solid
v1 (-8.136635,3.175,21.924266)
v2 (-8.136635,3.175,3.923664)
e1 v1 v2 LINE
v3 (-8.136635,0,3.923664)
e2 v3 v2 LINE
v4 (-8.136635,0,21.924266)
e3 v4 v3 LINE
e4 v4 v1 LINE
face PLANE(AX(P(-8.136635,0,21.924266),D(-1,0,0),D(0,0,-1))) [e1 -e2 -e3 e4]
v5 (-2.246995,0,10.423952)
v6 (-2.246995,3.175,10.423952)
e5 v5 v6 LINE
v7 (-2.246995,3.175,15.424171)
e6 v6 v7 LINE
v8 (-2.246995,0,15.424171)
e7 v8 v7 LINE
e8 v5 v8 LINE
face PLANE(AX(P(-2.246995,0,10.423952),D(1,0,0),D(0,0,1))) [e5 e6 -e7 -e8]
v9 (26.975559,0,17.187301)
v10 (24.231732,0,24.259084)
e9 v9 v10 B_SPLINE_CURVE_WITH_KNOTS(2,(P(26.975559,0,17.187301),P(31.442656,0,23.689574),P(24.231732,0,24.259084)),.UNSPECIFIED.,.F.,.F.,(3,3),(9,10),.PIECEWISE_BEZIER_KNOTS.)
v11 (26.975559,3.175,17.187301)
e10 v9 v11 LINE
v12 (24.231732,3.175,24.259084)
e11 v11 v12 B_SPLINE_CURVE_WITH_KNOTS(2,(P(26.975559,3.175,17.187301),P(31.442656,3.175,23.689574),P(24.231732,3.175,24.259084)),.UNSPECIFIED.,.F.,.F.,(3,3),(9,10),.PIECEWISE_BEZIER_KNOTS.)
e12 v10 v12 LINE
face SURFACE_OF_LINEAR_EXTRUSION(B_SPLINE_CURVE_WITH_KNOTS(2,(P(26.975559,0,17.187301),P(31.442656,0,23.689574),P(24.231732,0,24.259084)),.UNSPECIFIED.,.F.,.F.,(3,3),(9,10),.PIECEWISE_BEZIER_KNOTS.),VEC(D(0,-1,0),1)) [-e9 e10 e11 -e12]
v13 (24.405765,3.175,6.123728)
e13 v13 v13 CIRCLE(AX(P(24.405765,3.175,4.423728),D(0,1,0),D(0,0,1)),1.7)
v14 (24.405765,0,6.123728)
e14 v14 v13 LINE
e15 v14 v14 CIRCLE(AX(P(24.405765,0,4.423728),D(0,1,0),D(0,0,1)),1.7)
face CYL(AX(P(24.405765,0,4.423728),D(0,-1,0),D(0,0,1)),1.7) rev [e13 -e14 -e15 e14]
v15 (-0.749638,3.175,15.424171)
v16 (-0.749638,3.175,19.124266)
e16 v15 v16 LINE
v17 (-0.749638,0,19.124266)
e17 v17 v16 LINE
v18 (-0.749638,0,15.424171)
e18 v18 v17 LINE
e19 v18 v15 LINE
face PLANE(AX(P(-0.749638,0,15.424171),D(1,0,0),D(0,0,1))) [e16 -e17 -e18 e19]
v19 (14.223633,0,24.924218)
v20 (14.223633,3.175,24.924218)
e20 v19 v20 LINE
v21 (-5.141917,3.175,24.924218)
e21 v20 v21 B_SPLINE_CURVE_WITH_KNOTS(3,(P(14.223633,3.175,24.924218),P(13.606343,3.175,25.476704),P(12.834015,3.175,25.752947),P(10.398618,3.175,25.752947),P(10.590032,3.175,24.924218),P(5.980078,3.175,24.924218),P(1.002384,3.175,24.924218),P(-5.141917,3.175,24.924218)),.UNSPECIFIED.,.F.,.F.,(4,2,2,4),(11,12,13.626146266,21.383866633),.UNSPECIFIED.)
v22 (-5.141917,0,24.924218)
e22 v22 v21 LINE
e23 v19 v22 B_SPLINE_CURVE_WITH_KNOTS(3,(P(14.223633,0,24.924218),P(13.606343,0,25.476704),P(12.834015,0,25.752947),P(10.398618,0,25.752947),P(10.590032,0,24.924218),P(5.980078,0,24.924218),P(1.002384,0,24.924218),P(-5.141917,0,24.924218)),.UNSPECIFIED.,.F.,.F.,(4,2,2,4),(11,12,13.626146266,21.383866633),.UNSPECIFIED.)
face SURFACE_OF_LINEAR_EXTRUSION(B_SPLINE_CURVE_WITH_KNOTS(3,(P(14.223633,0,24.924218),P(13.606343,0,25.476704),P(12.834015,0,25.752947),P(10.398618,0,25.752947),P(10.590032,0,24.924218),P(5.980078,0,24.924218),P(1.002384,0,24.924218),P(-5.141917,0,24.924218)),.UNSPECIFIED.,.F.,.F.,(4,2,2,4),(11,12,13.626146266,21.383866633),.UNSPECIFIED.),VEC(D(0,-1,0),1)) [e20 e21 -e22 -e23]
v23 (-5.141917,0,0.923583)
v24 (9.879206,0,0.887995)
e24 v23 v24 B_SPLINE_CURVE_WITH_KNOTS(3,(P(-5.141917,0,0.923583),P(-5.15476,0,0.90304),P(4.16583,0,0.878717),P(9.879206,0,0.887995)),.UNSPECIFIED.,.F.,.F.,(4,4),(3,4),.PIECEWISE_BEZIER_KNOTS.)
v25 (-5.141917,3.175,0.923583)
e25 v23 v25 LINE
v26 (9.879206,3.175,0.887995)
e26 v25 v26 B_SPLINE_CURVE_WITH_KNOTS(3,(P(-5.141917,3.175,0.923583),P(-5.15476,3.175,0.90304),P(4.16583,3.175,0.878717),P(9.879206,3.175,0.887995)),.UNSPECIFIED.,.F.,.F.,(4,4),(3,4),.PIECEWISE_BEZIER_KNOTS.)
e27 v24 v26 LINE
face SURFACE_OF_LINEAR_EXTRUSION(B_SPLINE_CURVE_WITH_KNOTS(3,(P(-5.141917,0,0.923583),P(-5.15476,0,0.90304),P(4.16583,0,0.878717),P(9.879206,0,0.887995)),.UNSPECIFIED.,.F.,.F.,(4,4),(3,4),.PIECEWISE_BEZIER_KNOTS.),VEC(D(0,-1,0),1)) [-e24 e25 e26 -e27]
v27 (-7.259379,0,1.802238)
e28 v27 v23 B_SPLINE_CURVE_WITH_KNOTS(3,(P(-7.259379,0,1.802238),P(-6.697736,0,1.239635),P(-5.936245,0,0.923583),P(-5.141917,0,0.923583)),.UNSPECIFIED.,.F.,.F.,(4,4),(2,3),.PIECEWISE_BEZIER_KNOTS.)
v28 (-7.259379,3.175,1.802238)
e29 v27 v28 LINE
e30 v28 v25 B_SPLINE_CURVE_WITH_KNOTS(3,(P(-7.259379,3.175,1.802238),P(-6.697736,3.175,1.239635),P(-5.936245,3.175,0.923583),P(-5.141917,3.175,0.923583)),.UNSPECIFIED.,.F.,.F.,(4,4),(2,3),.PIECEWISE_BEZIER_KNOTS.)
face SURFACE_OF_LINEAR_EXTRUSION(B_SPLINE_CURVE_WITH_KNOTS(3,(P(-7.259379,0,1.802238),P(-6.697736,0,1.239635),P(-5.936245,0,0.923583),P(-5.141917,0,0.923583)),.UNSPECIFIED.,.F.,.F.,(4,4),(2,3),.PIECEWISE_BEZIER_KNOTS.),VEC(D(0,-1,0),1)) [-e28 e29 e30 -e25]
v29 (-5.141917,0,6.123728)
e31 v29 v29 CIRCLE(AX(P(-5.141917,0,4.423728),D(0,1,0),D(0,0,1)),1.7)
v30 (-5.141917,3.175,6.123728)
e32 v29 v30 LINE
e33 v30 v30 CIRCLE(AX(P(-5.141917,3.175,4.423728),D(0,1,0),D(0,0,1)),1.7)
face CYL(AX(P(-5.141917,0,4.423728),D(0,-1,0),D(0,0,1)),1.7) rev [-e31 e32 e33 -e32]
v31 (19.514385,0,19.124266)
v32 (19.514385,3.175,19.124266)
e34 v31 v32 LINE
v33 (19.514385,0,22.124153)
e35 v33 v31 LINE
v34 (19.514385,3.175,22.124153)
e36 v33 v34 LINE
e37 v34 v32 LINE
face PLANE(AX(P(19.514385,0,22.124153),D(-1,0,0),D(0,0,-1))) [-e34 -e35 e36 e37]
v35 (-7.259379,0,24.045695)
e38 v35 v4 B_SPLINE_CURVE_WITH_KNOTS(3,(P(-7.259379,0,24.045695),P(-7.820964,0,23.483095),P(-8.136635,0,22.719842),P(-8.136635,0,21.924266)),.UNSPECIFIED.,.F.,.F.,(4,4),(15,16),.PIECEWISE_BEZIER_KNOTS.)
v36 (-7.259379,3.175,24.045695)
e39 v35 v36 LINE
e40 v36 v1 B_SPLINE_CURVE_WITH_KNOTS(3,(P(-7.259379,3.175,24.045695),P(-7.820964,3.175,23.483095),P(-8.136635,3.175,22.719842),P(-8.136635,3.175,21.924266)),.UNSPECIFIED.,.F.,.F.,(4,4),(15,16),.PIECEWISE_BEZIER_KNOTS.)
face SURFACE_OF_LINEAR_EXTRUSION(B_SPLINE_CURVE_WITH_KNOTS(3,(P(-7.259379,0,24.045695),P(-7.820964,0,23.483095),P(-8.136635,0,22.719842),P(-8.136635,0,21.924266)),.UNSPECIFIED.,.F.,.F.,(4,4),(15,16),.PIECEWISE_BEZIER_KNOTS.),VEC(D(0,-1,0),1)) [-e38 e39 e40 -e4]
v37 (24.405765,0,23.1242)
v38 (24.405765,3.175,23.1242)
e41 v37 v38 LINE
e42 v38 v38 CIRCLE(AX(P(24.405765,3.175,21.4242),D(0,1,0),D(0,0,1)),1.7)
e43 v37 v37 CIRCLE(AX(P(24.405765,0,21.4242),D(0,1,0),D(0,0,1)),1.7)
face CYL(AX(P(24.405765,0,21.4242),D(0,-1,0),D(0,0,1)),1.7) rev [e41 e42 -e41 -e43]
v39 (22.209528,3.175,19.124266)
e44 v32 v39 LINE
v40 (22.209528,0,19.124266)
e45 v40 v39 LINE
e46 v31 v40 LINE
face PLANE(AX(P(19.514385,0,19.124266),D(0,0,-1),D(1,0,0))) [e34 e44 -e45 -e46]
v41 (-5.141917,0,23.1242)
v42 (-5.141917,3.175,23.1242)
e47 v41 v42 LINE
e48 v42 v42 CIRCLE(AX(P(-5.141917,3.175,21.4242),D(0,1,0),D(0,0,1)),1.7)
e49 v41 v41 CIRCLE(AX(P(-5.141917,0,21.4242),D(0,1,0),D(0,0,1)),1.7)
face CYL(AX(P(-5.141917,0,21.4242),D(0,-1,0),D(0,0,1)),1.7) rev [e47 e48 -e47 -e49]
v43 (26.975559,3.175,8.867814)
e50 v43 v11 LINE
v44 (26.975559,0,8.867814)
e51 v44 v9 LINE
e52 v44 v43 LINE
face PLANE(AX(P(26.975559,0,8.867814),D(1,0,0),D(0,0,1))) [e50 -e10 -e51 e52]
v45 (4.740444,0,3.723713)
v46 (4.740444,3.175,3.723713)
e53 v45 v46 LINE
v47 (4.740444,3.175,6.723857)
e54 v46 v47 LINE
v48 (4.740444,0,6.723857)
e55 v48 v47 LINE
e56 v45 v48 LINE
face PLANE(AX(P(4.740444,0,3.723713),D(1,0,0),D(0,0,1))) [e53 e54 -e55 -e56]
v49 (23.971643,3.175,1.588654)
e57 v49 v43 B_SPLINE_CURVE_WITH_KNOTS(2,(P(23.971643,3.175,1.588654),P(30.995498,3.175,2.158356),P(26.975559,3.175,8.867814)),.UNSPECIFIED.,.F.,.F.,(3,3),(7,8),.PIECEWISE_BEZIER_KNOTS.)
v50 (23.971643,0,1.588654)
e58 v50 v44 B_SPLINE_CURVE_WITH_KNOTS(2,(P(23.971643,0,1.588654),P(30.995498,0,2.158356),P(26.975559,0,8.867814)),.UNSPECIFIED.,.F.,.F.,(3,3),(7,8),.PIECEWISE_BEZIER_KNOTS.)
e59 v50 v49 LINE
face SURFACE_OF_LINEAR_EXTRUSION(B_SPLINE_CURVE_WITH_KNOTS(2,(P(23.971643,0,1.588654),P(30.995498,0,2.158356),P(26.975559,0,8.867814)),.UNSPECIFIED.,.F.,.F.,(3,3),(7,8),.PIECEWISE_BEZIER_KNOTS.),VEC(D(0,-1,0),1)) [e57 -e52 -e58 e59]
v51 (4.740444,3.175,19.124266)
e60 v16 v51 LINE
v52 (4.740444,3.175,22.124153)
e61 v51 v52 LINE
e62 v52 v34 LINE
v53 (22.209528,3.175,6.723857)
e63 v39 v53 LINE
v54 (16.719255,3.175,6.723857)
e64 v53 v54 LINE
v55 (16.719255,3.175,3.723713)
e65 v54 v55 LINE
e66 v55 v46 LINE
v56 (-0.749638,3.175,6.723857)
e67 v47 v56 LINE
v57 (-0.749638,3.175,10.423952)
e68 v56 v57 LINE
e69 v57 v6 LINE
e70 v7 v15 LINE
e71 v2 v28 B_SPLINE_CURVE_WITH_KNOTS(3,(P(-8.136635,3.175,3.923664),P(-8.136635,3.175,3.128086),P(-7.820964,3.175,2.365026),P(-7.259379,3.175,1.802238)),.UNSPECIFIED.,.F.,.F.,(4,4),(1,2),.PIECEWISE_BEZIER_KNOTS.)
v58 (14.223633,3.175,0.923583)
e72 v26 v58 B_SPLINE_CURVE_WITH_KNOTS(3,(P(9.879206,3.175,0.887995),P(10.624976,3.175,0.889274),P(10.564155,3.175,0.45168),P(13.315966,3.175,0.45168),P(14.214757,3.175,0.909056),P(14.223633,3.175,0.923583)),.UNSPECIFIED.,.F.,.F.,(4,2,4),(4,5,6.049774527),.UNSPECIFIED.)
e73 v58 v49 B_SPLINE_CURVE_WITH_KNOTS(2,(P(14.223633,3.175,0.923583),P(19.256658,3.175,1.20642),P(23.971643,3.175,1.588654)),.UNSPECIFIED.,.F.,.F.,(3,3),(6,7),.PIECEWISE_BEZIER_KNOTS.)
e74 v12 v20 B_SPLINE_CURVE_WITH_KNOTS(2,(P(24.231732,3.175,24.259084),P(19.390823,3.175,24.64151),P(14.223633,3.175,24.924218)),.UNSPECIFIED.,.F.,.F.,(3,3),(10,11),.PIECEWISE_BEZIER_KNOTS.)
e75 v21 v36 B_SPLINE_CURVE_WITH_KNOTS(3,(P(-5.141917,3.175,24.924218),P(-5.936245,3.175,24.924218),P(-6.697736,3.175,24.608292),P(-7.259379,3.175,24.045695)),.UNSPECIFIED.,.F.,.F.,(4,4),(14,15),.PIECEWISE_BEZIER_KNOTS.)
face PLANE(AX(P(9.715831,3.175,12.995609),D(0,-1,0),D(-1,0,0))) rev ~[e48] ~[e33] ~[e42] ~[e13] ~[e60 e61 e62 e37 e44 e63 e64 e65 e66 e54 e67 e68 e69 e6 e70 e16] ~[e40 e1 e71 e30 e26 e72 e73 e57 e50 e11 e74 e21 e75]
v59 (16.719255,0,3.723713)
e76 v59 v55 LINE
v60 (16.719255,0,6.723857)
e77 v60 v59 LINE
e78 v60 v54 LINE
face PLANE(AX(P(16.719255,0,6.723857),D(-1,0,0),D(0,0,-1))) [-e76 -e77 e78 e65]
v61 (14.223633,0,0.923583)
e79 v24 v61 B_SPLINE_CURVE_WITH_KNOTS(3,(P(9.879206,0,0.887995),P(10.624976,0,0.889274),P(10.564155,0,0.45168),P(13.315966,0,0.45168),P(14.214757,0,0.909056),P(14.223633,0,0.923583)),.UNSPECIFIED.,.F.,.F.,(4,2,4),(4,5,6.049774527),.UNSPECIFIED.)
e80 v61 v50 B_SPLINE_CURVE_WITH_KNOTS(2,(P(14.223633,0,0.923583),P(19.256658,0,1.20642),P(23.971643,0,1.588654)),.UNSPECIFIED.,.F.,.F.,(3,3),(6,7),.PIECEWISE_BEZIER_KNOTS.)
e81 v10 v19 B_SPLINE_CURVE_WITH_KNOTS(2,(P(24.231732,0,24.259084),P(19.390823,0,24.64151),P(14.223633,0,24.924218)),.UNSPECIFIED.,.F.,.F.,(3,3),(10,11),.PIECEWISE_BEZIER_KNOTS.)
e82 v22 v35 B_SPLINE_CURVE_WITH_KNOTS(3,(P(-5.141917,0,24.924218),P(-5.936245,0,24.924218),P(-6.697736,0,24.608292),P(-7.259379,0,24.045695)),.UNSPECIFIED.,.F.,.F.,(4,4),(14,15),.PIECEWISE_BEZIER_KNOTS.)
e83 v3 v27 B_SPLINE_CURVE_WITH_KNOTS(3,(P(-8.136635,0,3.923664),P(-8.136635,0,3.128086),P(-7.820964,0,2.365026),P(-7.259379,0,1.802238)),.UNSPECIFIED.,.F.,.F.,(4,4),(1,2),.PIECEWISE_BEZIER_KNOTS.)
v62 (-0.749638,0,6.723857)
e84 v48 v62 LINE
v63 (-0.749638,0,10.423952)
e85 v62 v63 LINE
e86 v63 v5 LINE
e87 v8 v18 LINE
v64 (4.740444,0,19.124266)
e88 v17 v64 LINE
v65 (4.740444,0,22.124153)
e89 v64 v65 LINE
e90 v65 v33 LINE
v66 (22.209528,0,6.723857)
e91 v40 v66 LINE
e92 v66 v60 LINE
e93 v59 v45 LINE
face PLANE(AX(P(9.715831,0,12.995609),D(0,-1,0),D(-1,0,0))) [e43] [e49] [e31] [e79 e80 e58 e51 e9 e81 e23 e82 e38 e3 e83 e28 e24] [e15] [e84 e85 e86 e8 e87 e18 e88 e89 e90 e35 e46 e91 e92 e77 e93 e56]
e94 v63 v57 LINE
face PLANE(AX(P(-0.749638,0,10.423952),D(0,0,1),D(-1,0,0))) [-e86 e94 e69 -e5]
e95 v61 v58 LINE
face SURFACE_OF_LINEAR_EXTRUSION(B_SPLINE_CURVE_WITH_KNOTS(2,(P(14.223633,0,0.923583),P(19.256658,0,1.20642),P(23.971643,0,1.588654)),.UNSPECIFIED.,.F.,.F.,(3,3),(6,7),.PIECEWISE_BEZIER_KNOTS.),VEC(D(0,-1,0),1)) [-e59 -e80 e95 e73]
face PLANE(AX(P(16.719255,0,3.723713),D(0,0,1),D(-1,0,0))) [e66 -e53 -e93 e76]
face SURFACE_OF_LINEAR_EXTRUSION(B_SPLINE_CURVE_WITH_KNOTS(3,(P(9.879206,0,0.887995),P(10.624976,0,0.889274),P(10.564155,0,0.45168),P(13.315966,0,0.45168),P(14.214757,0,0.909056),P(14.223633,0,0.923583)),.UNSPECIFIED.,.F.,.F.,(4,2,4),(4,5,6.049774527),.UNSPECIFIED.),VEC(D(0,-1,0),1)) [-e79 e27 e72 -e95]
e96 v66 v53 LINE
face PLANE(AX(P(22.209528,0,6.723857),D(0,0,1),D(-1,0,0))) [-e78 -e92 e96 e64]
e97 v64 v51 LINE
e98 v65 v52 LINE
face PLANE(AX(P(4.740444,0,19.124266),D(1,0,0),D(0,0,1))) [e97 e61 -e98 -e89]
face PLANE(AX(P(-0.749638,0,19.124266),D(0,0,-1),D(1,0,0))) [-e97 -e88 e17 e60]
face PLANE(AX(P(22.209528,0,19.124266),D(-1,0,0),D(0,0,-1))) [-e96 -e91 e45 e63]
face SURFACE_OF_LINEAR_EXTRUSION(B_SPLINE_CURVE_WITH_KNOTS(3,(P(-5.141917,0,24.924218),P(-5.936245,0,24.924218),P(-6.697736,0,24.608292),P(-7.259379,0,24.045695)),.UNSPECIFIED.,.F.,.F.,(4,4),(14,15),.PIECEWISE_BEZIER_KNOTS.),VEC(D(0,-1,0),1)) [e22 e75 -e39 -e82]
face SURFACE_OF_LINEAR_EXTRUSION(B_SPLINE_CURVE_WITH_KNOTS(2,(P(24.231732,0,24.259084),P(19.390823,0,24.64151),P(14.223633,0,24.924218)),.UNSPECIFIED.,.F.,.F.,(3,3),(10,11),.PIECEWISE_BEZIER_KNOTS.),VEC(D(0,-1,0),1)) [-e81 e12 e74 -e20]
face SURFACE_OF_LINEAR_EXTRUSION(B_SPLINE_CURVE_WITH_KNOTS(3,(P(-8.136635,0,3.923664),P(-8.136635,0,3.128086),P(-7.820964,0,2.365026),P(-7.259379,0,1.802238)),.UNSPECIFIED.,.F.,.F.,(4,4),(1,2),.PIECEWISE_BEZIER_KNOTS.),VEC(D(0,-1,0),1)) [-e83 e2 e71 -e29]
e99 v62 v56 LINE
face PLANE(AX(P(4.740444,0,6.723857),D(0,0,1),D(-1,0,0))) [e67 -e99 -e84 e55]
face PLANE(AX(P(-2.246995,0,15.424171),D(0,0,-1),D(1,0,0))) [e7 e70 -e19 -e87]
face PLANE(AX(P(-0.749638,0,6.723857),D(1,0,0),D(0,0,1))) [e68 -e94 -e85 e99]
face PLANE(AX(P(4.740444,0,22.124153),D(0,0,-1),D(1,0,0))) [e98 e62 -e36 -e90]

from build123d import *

# Parameters (mm, degrees)
SKETCH1_R           = 1.7
BOSS_EXTRUDE1_DEPTH = 3.175


with BuildPart() as part:
    # Sketch1 → Boss-Extrude1 (new body)
    with BuildSketch(Plane(origin=(0, 0, 0), x_dir=(1, 0, 0), z_dir=(0, 1, 0))):
        with BuildLine():
            Line((-8.136635094, -21.924266481), (-8.136635094, -3.923663686))
            add(Edge.make_bspline(
                [(-8.136635094, -3.923663686), (-8.136635094, -3.128086205), (-7.820964416, -2.365025621), (-7.259379446, -1.802237676)],
                knots=[1, 1, 1, 1, 2, 2, 2, 2], degree=3))
            add(Edge.make_bspline(
                [(-7.259379446, -1.802237676), (-6.697735984, -1.239635291), (-5.936245423, -0.92358316), (-5.141916572, -0.92358316)],
                knots=[2, 2, 2, 2, 3, 3, 3, 3], degree=3))
            add(Edge.make_bspline(
                [(-5.141916572, -0.92358316), (-5.154760404, -0.903039747), (4.165830441, -0.878716777), (9.879205527, -0.887994762)],
                knots=[3, 3, 3, 3, 4, 4, 4, 4], degree=3))
            add(Edge.make_bspline(
                [(9.879205527, -0.887994762), (10.624976408, -0.889274148), (10.564154649, -0.451680408), (11.906649469, -0.451680408)],
                knots=[4, 4, 4, 4, 5, 5, 5, 5], degree=3))
            add(Edge.make_bspline(
                [(11.906649469, -0.451680408), (13.315966334, -0.451680408), (14.214756726, -0.909055789), (14.223632862, -0.923583161)],
                knots=[5, 5, 5, 5, 6, 6, 6, 6], degree=3))
            add(Edge.make_bspline(
                [(14.223632862, -0.923583161), (19.256657746, -1.206420105), (23.971643033, -1.588653571)],
                knots=[6, 6, 6, 7, 7, 7], degree=2))
            add(Edge.make_bspline(
                [(23.971643033, -1.588653571), (30.995498409, -2.158356056), (26.975559396, -8.867814209)],
                knots=[7, 7, 7, 8, 8, 8], degree=2))
            Line((26.975559396, -8.867814209), (26.975559396, -17.1873007))
            add(Edge.make_bspline(
                [(26.975559396, -17.1873007), (31.442656292, -23.689574114), (24.231731846, -24.259083715)],
                knots=[9, 9, 9, 10, 10, 10], degree=2))
            add(Edge.make_bspline(
                [(24.231731846, -24.259083715), (19.39082339, -24.641510065), (14.223632861, -24.924217604)],
                knots=[10, 10, 10, 11, 11, 11], degree=2))
            add(Edge.make_bspline(
                [(14.223632861, -24.924217604), (13.297697384, -25.752946792), (11.906649468, -25.752946792)],
                knots=[11, 11, 11, 12, 12, 12], degree=2))
            add(Edge.make_bspline(
                [(11.906649468, -25.752946792), (10.398617885, -25.752946792), (10.590032411, -24.924217604), (9.791165568, -24.924217604)],
                knots=[12, 12, 12, 12, 13, 13, 13, 13], degree=3))
            add(Edge.make_bspline(
                [(9.791165568, -24.924217604), (4.074534437, -24.924217604), (-5.141916573, -24.924217603)],
                knots=[13, 13, 13, 14, 14, 14], degree=2))
            add(Edge.make_bspline(
                [(-5.141916573, -24.924217603), (-5.936245424, -24.924217603), (-6.697735984, -24.608292434), (-7.259379446, -24.045694932)],
                knots=[14, 14, 14, 14, 15, 15, 15, 15], degree=3))
            add(Edge.make_bspline(
                [(-7.259379446, -24.045694932), (-7.820964416, -23.483094989), (-8.136635094, -22.71984152), (-8.136635094, -21.924266481)],
                knots=[15, 15, 15, 15, 16, 16, 16, 16], degree=3))
        make_face()
        with Locations(Location((-5.141916573, -4.423727567, 0), (0, 0, 270))):
            Circle(SKETCH1_R, mode=Mode.SUBTRACT)
        with Locations(Location((24.40576455, -4.423727568, 0), (0, 0, 270))):
            Circle(SKETCH1_R, mode=Mode.SUBTRACT)
        with Locations(Location((-5.141916573, -21.42420016, 0), (0, 0, 270))):
            Circle(SKETCH1_R, mode=Mode.SUBTRACT)
        with Locations(Location((24.40576455, -21.42420016, 0), (0, 0, 270))):
            Circle(SKETCH1_R, mode=Mode.SUBTRACT)
        Polygon((-2.246994867, -15.424170952), (-0.749638043, -15.424170952), (-0.749638043, -19.12426571), (4.740444467, -19.12426571), (4.740444467, -22.124153352), (19.514384952, -22.124153352), (19.514384952, -19.12426571), (22.209527799, -19.12426571), (22.209527799, -6.723857342), (16.719255189, -6.723857342), (16.719255189, -3.723713335), (4.740444467, -3.723713335), (4.740444467, -6.723857342), (-0.749638043, -6.723857342), (-0.749638043, -10.4239521), (-2.246994867, -10.4239521), align=None, mode=Mode.SUBTRACT)
    extrude(amount=BOSS_EXTRUDE1_DEPTH)


solid = part.part
